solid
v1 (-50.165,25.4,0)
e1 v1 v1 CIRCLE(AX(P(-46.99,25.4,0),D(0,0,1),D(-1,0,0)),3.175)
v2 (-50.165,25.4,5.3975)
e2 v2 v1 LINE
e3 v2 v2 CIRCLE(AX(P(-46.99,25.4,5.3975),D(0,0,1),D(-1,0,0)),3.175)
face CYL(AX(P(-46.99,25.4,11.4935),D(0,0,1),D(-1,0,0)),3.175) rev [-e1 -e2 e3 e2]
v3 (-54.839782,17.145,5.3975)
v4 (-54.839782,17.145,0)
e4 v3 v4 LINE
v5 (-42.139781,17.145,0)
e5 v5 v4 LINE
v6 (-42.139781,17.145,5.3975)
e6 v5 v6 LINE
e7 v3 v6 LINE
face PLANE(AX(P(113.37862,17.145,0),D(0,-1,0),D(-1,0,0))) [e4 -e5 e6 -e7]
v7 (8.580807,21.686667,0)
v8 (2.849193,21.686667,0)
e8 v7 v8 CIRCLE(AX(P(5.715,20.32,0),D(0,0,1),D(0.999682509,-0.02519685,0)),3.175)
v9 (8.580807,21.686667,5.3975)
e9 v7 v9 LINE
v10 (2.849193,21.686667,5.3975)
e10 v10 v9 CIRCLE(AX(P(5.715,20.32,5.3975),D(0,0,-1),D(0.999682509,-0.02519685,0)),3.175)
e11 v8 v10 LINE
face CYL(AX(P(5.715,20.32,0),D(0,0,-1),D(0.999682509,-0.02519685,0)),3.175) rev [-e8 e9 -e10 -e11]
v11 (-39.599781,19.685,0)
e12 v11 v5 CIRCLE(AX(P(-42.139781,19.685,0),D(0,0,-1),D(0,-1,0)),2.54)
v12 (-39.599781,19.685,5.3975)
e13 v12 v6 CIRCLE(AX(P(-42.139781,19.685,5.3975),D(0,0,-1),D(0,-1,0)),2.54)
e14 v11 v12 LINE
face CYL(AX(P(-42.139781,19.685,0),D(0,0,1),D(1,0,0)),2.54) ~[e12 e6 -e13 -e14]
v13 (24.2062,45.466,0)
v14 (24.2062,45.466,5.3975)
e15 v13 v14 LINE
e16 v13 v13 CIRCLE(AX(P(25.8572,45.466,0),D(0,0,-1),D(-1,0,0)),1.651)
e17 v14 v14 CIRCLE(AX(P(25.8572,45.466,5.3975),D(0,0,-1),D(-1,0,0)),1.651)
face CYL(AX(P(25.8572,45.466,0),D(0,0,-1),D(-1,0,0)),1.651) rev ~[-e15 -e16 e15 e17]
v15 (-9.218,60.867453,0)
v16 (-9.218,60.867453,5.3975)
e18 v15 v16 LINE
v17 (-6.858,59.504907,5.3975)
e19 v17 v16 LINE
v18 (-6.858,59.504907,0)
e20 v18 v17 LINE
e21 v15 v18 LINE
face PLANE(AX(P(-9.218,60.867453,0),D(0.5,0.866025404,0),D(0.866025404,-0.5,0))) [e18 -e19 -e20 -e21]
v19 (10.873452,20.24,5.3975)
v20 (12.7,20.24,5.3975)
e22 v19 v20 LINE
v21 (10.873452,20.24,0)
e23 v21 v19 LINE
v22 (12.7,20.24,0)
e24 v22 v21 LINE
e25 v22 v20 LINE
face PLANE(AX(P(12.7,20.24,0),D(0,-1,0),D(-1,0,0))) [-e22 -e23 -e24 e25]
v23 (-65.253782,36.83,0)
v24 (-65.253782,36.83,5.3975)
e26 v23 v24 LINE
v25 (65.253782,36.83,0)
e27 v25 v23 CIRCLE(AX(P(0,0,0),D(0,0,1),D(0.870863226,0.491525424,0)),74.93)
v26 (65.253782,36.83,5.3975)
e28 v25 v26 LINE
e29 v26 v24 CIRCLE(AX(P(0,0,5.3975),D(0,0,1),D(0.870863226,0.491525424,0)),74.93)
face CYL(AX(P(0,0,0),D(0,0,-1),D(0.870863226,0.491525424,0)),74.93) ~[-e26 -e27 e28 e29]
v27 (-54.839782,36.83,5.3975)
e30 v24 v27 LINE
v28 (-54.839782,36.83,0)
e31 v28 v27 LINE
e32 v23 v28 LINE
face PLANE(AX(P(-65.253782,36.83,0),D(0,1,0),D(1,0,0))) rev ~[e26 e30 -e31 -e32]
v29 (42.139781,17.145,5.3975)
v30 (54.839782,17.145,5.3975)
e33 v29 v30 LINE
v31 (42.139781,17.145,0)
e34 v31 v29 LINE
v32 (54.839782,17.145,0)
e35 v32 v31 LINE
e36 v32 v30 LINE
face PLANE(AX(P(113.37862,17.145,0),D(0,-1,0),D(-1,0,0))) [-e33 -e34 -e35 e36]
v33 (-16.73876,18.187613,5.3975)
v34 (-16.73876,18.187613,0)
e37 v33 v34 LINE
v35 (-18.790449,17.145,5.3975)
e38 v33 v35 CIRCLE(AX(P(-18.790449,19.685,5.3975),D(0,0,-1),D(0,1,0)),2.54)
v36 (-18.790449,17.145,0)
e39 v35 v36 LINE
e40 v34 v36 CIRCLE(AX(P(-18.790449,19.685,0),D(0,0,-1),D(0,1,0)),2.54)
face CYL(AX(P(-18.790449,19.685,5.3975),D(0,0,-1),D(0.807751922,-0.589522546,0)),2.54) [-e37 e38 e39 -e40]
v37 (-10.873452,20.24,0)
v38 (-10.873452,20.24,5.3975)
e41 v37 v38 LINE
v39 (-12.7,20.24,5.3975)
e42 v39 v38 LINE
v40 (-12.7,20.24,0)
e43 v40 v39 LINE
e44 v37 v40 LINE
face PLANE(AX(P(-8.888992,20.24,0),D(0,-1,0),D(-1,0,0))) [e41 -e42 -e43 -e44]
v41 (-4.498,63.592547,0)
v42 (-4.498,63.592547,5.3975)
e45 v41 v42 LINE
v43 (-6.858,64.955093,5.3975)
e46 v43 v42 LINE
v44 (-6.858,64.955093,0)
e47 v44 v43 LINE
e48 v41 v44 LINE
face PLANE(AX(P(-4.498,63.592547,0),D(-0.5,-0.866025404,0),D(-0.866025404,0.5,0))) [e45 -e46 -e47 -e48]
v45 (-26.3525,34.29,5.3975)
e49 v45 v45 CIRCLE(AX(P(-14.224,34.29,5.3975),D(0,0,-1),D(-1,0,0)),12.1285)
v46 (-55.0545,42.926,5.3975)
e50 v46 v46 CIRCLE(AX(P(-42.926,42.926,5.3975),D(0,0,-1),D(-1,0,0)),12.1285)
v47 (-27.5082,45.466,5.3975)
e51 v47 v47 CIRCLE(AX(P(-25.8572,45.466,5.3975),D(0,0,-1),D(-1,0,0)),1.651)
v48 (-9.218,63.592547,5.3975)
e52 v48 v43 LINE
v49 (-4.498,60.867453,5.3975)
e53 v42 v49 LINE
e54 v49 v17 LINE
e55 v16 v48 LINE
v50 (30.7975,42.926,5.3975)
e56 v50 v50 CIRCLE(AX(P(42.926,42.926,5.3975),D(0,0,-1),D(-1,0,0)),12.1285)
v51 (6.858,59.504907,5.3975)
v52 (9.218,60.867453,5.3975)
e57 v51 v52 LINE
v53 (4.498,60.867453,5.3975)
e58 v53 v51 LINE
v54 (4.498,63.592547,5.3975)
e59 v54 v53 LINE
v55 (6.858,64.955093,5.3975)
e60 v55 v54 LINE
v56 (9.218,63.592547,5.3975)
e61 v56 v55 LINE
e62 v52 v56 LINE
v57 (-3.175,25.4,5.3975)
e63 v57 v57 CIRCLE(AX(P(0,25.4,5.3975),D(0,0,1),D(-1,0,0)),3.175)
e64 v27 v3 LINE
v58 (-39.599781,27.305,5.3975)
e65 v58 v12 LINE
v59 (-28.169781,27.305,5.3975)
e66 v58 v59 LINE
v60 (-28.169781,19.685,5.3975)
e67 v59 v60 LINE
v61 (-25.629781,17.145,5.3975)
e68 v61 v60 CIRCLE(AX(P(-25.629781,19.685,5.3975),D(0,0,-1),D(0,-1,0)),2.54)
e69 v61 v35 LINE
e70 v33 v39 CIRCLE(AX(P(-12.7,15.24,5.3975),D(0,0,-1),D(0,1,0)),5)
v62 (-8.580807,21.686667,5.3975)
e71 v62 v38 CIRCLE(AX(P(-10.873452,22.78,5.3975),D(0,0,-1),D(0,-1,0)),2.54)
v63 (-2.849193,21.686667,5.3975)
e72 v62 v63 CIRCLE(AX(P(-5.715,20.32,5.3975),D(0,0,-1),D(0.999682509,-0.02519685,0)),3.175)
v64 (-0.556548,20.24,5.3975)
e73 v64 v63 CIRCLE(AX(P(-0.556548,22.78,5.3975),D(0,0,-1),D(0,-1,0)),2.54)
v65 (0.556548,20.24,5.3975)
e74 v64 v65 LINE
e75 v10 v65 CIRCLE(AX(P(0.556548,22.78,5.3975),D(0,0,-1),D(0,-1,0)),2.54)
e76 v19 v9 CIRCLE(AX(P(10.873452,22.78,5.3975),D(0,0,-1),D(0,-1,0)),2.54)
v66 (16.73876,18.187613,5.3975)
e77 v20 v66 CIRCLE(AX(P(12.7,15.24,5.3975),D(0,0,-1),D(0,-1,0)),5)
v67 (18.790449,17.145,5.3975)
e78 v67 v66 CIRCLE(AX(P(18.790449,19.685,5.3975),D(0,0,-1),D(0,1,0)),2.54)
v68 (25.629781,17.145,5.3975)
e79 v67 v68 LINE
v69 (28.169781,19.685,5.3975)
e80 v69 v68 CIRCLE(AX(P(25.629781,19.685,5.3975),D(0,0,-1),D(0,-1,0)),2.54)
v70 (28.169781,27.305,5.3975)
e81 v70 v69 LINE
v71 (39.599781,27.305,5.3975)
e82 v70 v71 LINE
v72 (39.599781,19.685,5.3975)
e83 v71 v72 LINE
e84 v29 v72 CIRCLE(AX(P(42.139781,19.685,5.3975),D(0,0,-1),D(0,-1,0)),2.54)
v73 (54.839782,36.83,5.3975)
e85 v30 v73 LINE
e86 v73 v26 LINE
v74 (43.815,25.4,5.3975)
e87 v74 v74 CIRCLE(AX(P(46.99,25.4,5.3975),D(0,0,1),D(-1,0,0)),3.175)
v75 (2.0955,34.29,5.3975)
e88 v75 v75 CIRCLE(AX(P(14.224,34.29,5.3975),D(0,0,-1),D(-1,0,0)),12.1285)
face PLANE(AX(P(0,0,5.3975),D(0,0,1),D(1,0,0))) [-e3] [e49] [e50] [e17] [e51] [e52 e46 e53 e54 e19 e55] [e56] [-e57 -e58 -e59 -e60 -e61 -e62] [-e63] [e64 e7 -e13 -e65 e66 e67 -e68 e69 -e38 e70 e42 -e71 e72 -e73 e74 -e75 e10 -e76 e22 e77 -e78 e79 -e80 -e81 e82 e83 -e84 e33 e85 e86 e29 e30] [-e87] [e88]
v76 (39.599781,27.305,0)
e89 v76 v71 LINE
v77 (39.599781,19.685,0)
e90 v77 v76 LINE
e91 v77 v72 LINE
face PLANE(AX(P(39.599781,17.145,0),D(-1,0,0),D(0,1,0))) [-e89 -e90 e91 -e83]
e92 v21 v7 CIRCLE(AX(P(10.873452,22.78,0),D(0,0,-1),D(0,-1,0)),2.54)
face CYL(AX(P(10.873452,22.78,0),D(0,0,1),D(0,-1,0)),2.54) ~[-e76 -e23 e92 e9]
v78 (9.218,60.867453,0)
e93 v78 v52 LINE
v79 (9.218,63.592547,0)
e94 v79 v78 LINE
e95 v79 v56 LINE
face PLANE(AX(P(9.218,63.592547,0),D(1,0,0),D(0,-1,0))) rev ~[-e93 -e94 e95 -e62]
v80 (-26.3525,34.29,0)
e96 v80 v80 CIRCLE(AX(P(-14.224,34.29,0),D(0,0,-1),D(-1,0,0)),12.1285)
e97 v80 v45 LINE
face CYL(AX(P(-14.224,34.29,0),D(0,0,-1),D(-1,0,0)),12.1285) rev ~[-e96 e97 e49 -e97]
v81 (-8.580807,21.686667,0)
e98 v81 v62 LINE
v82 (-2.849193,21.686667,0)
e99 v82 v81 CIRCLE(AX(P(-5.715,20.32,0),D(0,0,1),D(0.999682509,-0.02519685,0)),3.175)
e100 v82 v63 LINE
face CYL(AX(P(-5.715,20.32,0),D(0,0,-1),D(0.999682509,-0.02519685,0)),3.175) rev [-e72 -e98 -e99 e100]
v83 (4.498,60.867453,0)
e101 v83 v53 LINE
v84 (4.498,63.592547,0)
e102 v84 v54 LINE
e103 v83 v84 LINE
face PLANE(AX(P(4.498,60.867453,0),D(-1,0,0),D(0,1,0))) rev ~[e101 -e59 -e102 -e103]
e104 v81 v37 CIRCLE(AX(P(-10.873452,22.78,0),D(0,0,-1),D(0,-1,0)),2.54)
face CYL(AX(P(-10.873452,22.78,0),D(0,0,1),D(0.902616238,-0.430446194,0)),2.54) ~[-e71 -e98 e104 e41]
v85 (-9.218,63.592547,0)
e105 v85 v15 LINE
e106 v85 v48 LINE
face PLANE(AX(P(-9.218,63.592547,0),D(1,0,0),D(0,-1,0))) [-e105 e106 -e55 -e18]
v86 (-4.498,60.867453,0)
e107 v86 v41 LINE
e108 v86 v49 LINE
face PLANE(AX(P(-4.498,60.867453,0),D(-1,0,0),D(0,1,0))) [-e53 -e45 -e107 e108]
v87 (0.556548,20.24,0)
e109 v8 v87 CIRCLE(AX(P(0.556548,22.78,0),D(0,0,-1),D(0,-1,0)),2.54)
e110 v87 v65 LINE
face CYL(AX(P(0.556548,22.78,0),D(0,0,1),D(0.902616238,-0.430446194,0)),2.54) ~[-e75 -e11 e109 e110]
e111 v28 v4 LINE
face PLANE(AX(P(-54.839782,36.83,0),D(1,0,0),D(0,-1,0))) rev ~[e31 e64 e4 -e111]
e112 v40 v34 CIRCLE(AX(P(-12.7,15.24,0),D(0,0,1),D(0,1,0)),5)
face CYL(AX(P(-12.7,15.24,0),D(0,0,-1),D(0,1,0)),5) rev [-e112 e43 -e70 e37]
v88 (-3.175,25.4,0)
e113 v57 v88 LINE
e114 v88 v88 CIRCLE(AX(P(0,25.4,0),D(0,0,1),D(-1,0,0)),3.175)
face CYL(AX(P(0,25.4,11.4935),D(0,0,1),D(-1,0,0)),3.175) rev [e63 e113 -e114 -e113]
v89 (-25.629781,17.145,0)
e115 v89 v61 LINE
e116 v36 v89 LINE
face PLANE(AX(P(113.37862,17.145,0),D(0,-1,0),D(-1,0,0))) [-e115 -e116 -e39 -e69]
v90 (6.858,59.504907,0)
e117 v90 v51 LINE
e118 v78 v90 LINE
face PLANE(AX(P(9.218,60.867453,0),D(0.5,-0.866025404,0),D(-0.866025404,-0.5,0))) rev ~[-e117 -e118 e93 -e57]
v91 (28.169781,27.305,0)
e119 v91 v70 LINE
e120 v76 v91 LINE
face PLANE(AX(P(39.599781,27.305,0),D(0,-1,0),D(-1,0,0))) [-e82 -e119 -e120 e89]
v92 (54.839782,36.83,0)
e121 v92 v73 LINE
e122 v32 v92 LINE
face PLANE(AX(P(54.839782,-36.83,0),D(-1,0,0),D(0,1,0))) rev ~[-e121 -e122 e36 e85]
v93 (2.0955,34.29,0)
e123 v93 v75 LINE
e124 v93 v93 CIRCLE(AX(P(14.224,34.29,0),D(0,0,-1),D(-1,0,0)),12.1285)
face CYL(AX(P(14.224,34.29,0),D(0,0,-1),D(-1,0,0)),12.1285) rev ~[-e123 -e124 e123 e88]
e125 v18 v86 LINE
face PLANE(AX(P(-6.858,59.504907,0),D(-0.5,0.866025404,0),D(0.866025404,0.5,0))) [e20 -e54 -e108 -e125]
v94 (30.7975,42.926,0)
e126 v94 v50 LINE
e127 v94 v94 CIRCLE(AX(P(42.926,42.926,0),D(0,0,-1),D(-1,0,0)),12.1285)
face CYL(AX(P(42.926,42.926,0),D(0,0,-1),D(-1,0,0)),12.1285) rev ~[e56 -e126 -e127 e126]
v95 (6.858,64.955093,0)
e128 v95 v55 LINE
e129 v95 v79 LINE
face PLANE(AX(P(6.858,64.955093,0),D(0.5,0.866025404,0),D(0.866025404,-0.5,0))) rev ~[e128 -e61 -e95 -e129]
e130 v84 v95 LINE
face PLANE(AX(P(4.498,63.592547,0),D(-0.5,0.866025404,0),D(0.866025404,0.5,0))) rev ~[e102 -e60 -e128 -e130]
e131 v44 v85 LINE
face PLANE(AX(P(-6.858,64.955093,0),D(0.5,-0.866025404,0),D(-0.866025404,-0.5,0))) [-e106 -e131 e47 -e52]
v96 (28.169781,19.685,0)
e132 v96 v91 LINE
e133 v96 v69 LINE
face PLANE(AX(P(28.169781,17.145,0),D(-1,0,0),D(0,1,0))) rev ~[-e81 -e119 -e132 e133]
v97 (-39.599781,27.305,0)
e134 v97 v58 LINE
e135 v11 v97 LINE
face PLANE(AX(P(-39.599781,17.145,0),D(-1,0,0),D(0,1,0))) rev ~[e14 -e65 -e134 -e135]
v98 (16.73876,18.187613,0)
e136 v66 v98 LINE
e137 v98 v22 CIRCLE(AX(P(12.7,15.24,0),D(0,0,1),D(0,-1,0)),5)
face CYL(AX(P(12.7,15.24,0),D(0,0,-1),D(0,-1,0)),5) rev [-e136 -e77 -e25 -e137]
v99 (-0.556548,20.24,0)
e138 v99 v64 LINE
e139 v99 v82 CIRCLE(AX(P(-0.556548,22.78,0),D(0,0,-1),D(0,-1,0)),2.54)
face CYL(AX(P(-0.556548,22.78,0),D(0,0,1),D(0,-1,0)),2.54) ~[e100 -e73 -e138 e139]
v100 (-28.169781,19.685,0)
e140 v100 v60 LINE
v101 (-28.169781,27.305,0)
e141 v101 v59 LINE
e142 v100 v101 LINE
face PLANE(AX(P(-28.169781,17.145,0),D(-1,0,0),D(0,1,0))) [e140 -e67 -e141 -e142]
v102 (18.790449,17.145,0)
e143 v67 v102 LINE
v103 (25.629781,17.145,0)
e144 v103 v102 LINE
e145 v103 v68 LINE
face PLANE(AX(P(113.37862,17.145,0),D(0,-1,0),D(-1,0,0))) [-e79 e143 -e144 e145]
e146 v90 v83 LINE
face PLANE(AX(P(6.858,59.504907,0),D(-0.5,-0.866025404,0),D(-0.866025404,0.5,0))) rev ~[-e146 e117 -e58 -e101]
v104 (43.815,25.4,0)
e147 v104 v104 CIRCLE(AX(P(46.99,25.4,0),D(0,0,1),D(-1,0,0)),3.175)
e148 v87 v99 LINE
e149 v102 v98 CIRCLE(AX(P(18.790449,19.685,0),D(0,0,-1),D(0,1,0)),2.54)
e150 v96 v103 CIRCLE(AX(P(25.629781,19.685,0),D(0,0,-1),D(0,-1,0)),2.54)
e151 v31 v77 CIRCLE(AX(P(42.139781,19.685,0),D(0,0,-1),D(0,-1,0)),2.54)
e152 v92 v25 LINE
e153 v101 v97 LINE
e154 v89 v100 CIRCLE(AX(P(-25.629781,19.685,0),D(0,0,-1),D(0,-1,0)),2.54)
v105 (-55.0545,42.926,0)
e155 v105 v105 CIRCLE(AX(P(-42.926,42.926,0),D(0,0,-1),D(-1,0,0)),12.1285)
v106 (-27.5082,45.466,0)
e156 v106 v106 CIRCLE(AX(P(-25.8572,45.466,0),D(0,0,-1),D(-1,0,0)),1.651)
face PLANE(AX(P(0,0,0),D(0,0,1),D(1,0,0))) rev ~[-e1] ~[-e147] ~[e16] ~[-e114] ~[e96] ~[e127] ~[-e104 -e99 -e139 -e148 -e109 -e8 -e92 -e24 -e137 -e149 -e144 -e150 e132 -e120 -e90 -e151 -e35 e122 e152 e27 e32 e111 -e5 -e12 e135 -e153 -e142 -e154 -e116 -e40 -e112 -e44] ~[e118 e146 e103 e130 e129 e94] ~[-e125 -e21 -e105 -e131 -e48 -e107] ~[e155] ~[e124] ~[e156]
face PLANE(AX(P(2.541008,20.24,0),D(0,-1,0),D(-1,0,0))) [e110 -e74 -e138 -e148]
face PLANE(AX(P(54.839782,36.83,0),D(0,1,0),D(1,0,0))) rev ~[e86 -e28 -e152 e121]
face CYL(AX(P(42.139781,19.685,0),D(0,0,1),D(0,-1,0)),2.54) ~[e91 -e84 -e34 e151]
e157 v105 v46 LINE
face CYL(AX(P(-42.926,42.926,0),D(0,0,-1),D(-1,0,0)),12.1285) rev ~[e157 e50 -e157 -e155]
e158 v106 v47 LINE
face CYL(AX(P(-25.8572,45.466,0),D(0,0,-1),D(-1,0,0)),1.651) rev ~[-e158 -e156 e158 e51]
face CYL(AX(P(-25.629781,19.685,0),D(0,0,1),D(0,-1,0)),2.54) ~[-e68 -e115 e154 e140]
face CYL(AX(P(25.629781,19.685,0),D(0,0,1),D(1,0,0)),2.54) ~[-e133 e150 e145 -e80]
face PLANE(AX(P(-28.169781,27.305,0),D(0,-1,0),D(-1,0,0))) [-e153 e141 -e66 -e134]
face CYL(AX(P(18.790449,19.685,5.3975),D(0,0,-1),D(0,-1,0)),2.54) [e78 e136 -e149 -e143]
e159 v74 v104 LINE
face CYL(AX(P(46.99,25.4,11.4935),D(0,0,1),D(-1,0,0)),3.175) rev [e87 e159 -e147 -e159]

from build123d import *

# Parameters (mm, degrees)
SKETCH1_R                 = 1.651
BOSS_EXTRUDE2_DEPTH       = 5.3975
SKETCH2_R                 = 1.143
CUT_EXTRUDE1_DEPTH        = 6.3975
SKETCH3_R                 = 12.1285
CUT_EXTRUDE2_DEPTH        = 6.3975
SKETCH4_W                 = 28.562713242
SKETCH4_H                 = 11.677503754
BOSS_EXTRUDE3_DEPTH       = 5.3975
SKETCH5_W                 = 230.699333954
SKETCH5_H                 = 107.587024537
CUT_EXTRUDE3_DEPTH        = 6.3975
CUT_EXTRUDE4_DEPTH        = 6.3975
SKETCH156_W               = 11.43
SKETCH156_H               = 10.16
CUT_EXTRUDE152_DEPTH      = 6.3975
SKETCH164_R               = 1.651
CUT_EXTRUDE160_DEPTH      = 21.59
SKETCH218_R               = 3.175
CUT_EXTRUDE214_DEPTH      = 103.378
CUT_EXTRUDE214_DEPTH_BACK = 48.768
CUT_EXTRUDE155_DEPTH      = 34.544
FILLET1_R                 = 2.54


with BuildPart() as part:
    # Sketch1 → Boss-Extrude2 (new body)
    with BuildSketch(Plane.XY):
        with BuildLine():
            Line((-65.2537815, 36.83), (-54.8397815, 36.83))
            Line((-54.8397815, 36.83), (-54.8397815, -36.83))
            Line((-54.8397815, -36.83), (-65.2537815, -36.83))
            ThreePointArc((-65.2537815, -36.83), (0, -74.93), (65.2537815, -36.83))
            Line((65.2537815, -36.83), (54.8397815, -36.83))
            Line((54.8397815, -36.83), (54.8397815, 36.83))
            Line((54.8397815, 36.83), (65.2537815, 36.83))
            ThreePointArc((65.2537815, 36.83), (0, 74.93), (-65.2537815, 36.83))
        make_face()
        with Locations((-45.466, 11.049)):
            Circle(SKETCH1_R, mode=Mode.SUBTRACT)
        with Locations((-20.067270032, 10.795)):
            Circle(SKETCH1_R, mode=Mode.SUBTRACT)
        with Locations((-20.067270032, -10.795)):
            Circle(SKETCH1_R, mode=Mode.SUBTRACT)
        with Locations((-45.466, -11.049)):
            Circle(SKETCH1_R, mode=Mode.SUBTRACT)
        with Locations((45.466, -11.049)):
            Circle(SKETCH1_R, mode=Mode.SUBTRACT)
        with Locations((20.067270032, -10.795)):
            Circle(SKETCH1_R, mode=Mode.SUBTRACT)
        with Locations((20.067270032, 10.795)):
            Circle(SKETCH1_R, mode=Mode.SUBTRACT)
        with Locations((45.466, 11.049)):
            Circle(SKETCH1_R, mode=Mode.SUBTRACT)
    extrude(amount=BOSS_EXTRUDE2_DEPTH)

    # Sketch2 → Cut-Extrude1 (cut, through all)
    with BuildSketch(Plane.XY.offset(5.3975)):
        with Locations((-6.731, 62.23)):
            Circle(SKETCH2_R)
        with Locations((6.731, 62.23)):
            Circle(SKETCH2_R)
    extrude(amount=-CUT_EXTRUDE1_DEPTH, mode=Mode.SUBTRACT)

    # Sketch3 → Cut-Extrude2 (cut, through all)
    with BuildSketch(Plane(origin=(0, 0, 0), x_dir=(-1, 0, 0), z_dir=(0, 0, -1))):
        with Locations((-42.926, -42.926)):
            Circle(SKETCH3_R)
        with Locations((14.224, -34.29)):
            Circle(SKETCH3_R)
        with Locations((14.224, 34.29)):
            Circle(SKETCH3_R)
        with Locations((-42.926, 42.926)):
            Circle(SKETCH3_R)
        with Locations((42.926, 42.926)):
            Circle(SKETCH3_R)
        with Locations((-14.224, 34.29)):
            Circle(SKETCH3_R)
        with Locations((-14.224, -34.29)):
            Circle(SKETCH3_R)
        with Locations((42.926, -42.926)):
            Circle(SKETCH3_R)
    extrude(amount=-CUT_EXTRUDE2_DEPTH, mode=Mode.SUBTRACT)

    # Sketch4 → Boss-Extrude3 (add)
    with BuildSketch(Plane(origin=(0, 0, 0), x_dir=(-1, 0, 0), z_dir=(0, 0, -1))):
        with Locations((-1.488809975, 62.152540216)):
            Rectangle(SKETCH4_W, SKETCH4_H)
    extrude(amount=-BOSS_EXTRUDE3_DEPTH)

    # Sketch5 → Cut-Extrude3 (cut, through all)
    with BuildSketch(Plane(origin=(0, 0, 0), x_dir=(-1, 0, 0), z_dir=(0, 0, -1))):
        with Locations((1.971047261, -36.648512269)):
            Rectangle(SKETCH5_W, SKETCH5_H)
    extrude(amount=-CUT_EXTRUDE3_DEPTH, mode=Mode.SUBTRACT)

    # Sketch6 → Cut-Extrude4 (cut, through all)
    with BuildSketch(Plane(origin=(0, 0, 0), x_dir=(-1, 0, 0), z_dir=(0, 0, -1))):
        Polygon((4.498, 63.592546635), (6.858, 64.955093271), (9.218, 63.592546635), (9.218, 60.867453365), (6.858, 59.504906729), (4.498, 60.867453365), align=None)
        Polygon((-6.858, 64.955093271), (-9.218, 63.592546635), (-9.218, 60.867453365), (-6.858, 59.504906729), (-4.498, 60.867453365), (-4.498, 63.592546635), align=None)
    extrude(amount=-CUT_EXTRUDE4_DEPTH, mode=Mode.SUBTRACT)

    # Sketch156 → Cut-Extrude152 (cut, through all)
    with BuildSketch(Plane(origin=(0, 0, 0), x_dir=(-1, 0, 0), z_dir=(0, 0, -1))):
        with Locations((33.8847815, 22.225)):
            Rectangle(SKETCH156_W, SKETCH156_H)
        with Locations((-33.8847815, 22.225)):
            Rectangle(SKETCH156_W, SKETCH156_H)
    extrude(amount=-CUT_EXTRUDE152_DEPTH, mode=Mode.SUBTRACT)

    # Sketch164 → Cut-Extrude160 (cut)
    with BuildSketch(Plane(origin=(0, 0, 0), x_dir=(-1, 0, 0), z_dir=(0, 0, -1))):
        with Locations((25.8572, 45.466)):
            Circle(SKETCH164_R)
        with Locations((-25.8572, 45.466)):
            Circle(SKETCH164_R)
    extrude(amount=-CUT_EXTRUDE160_DEPTH, mode=Mode.SUBTRACT)

    # Sketch218 → Cut-Extrude214 (cut, two sides)
    with BuildSketch(Plane(origin=(30.092005081, 4.08352975, 11.4935), x_dir=(-1, 0, 0), z_dir=(0, 0, -1))) as cut_extrude214_sk:
        with Locations((-16.897994919, 21.31647025)):
            Circle(SKETCH218_R)
        with Locations((77.082005081, 21.31647025)):
            Circle(SKETCH218_R)
        with Locations((30.092005081, 21.31647025)):
            Circle(SKETCH218_R)
    extrude(amount=CUT_EXTRUDE214_DEPTH, mode=Mode.SUBTRACT)
    extrude(cut_extrude214_sk.sketch, amount=-CUT_EXTRUDE214_DEPTH_BACK, mode=Mode.SUBTRACT)

    # Sketch159 → Cut-Extrude155 (cut)
    with BuildSketch(Plane(origin=(0, 0, 0), x_dir=(-1, 0, 0), z_dir=(0, 0, -1))):
        with BuildLine():
            Line((-12.7, 20.24), (-8.888991966, 20.24))
            ThreePointArc((-8.888991966, 20.24), (-5.715, 23.495), (-2.541008034, 20.24))
            Line((-2.541008034, 20.24), (2.541008034, 20.24))
            ThreePointArc((2.541008034, 20.24), (5.715, 23.495), (8.888991966, 20.24))
            Line((8.888991966, 20.24), (12.7, 20.24))
            ThreePointArc((12.7, 20.24), (17.7, 15.24), (12.7, 10.24))
            Line((12.7, 10.24), (-12.7, 10.24))
            ThreePointArc((-12.7, 10.24), (-17.7, 15.24), (-12.7, 20.24))
        make_face()
    extrude(amount=-CUT_EXTRUDE155_DEPTH, mode=Mode.SUBTRACT)

    # Fillet1
    fillet1_edges = [part.edges().sort_by_distance(p)[0] for p in [
        (-39.5997815, 17.145, 2.69875),
        (-28.1697815, 17.145, 2.69875),
        (28.1697815, 17.145, 2.69875),
        (39.5997815, 17.145, 2.69875),
        (17.322875188, 17.145, 2.69875),
        (-17.322875188, 17.145, 2.69875),
        (8.888991966, 20.24, 2.69875),
        (2.541008034, 20.24, 2.69875),
        (-2.541008034, 20.24, 2.69875),
        (-8.888991966, 20.24, 2.69875),
    ]]
    fillet(fillet1_edges, radius=FILLET1_R)


solid = part.part
